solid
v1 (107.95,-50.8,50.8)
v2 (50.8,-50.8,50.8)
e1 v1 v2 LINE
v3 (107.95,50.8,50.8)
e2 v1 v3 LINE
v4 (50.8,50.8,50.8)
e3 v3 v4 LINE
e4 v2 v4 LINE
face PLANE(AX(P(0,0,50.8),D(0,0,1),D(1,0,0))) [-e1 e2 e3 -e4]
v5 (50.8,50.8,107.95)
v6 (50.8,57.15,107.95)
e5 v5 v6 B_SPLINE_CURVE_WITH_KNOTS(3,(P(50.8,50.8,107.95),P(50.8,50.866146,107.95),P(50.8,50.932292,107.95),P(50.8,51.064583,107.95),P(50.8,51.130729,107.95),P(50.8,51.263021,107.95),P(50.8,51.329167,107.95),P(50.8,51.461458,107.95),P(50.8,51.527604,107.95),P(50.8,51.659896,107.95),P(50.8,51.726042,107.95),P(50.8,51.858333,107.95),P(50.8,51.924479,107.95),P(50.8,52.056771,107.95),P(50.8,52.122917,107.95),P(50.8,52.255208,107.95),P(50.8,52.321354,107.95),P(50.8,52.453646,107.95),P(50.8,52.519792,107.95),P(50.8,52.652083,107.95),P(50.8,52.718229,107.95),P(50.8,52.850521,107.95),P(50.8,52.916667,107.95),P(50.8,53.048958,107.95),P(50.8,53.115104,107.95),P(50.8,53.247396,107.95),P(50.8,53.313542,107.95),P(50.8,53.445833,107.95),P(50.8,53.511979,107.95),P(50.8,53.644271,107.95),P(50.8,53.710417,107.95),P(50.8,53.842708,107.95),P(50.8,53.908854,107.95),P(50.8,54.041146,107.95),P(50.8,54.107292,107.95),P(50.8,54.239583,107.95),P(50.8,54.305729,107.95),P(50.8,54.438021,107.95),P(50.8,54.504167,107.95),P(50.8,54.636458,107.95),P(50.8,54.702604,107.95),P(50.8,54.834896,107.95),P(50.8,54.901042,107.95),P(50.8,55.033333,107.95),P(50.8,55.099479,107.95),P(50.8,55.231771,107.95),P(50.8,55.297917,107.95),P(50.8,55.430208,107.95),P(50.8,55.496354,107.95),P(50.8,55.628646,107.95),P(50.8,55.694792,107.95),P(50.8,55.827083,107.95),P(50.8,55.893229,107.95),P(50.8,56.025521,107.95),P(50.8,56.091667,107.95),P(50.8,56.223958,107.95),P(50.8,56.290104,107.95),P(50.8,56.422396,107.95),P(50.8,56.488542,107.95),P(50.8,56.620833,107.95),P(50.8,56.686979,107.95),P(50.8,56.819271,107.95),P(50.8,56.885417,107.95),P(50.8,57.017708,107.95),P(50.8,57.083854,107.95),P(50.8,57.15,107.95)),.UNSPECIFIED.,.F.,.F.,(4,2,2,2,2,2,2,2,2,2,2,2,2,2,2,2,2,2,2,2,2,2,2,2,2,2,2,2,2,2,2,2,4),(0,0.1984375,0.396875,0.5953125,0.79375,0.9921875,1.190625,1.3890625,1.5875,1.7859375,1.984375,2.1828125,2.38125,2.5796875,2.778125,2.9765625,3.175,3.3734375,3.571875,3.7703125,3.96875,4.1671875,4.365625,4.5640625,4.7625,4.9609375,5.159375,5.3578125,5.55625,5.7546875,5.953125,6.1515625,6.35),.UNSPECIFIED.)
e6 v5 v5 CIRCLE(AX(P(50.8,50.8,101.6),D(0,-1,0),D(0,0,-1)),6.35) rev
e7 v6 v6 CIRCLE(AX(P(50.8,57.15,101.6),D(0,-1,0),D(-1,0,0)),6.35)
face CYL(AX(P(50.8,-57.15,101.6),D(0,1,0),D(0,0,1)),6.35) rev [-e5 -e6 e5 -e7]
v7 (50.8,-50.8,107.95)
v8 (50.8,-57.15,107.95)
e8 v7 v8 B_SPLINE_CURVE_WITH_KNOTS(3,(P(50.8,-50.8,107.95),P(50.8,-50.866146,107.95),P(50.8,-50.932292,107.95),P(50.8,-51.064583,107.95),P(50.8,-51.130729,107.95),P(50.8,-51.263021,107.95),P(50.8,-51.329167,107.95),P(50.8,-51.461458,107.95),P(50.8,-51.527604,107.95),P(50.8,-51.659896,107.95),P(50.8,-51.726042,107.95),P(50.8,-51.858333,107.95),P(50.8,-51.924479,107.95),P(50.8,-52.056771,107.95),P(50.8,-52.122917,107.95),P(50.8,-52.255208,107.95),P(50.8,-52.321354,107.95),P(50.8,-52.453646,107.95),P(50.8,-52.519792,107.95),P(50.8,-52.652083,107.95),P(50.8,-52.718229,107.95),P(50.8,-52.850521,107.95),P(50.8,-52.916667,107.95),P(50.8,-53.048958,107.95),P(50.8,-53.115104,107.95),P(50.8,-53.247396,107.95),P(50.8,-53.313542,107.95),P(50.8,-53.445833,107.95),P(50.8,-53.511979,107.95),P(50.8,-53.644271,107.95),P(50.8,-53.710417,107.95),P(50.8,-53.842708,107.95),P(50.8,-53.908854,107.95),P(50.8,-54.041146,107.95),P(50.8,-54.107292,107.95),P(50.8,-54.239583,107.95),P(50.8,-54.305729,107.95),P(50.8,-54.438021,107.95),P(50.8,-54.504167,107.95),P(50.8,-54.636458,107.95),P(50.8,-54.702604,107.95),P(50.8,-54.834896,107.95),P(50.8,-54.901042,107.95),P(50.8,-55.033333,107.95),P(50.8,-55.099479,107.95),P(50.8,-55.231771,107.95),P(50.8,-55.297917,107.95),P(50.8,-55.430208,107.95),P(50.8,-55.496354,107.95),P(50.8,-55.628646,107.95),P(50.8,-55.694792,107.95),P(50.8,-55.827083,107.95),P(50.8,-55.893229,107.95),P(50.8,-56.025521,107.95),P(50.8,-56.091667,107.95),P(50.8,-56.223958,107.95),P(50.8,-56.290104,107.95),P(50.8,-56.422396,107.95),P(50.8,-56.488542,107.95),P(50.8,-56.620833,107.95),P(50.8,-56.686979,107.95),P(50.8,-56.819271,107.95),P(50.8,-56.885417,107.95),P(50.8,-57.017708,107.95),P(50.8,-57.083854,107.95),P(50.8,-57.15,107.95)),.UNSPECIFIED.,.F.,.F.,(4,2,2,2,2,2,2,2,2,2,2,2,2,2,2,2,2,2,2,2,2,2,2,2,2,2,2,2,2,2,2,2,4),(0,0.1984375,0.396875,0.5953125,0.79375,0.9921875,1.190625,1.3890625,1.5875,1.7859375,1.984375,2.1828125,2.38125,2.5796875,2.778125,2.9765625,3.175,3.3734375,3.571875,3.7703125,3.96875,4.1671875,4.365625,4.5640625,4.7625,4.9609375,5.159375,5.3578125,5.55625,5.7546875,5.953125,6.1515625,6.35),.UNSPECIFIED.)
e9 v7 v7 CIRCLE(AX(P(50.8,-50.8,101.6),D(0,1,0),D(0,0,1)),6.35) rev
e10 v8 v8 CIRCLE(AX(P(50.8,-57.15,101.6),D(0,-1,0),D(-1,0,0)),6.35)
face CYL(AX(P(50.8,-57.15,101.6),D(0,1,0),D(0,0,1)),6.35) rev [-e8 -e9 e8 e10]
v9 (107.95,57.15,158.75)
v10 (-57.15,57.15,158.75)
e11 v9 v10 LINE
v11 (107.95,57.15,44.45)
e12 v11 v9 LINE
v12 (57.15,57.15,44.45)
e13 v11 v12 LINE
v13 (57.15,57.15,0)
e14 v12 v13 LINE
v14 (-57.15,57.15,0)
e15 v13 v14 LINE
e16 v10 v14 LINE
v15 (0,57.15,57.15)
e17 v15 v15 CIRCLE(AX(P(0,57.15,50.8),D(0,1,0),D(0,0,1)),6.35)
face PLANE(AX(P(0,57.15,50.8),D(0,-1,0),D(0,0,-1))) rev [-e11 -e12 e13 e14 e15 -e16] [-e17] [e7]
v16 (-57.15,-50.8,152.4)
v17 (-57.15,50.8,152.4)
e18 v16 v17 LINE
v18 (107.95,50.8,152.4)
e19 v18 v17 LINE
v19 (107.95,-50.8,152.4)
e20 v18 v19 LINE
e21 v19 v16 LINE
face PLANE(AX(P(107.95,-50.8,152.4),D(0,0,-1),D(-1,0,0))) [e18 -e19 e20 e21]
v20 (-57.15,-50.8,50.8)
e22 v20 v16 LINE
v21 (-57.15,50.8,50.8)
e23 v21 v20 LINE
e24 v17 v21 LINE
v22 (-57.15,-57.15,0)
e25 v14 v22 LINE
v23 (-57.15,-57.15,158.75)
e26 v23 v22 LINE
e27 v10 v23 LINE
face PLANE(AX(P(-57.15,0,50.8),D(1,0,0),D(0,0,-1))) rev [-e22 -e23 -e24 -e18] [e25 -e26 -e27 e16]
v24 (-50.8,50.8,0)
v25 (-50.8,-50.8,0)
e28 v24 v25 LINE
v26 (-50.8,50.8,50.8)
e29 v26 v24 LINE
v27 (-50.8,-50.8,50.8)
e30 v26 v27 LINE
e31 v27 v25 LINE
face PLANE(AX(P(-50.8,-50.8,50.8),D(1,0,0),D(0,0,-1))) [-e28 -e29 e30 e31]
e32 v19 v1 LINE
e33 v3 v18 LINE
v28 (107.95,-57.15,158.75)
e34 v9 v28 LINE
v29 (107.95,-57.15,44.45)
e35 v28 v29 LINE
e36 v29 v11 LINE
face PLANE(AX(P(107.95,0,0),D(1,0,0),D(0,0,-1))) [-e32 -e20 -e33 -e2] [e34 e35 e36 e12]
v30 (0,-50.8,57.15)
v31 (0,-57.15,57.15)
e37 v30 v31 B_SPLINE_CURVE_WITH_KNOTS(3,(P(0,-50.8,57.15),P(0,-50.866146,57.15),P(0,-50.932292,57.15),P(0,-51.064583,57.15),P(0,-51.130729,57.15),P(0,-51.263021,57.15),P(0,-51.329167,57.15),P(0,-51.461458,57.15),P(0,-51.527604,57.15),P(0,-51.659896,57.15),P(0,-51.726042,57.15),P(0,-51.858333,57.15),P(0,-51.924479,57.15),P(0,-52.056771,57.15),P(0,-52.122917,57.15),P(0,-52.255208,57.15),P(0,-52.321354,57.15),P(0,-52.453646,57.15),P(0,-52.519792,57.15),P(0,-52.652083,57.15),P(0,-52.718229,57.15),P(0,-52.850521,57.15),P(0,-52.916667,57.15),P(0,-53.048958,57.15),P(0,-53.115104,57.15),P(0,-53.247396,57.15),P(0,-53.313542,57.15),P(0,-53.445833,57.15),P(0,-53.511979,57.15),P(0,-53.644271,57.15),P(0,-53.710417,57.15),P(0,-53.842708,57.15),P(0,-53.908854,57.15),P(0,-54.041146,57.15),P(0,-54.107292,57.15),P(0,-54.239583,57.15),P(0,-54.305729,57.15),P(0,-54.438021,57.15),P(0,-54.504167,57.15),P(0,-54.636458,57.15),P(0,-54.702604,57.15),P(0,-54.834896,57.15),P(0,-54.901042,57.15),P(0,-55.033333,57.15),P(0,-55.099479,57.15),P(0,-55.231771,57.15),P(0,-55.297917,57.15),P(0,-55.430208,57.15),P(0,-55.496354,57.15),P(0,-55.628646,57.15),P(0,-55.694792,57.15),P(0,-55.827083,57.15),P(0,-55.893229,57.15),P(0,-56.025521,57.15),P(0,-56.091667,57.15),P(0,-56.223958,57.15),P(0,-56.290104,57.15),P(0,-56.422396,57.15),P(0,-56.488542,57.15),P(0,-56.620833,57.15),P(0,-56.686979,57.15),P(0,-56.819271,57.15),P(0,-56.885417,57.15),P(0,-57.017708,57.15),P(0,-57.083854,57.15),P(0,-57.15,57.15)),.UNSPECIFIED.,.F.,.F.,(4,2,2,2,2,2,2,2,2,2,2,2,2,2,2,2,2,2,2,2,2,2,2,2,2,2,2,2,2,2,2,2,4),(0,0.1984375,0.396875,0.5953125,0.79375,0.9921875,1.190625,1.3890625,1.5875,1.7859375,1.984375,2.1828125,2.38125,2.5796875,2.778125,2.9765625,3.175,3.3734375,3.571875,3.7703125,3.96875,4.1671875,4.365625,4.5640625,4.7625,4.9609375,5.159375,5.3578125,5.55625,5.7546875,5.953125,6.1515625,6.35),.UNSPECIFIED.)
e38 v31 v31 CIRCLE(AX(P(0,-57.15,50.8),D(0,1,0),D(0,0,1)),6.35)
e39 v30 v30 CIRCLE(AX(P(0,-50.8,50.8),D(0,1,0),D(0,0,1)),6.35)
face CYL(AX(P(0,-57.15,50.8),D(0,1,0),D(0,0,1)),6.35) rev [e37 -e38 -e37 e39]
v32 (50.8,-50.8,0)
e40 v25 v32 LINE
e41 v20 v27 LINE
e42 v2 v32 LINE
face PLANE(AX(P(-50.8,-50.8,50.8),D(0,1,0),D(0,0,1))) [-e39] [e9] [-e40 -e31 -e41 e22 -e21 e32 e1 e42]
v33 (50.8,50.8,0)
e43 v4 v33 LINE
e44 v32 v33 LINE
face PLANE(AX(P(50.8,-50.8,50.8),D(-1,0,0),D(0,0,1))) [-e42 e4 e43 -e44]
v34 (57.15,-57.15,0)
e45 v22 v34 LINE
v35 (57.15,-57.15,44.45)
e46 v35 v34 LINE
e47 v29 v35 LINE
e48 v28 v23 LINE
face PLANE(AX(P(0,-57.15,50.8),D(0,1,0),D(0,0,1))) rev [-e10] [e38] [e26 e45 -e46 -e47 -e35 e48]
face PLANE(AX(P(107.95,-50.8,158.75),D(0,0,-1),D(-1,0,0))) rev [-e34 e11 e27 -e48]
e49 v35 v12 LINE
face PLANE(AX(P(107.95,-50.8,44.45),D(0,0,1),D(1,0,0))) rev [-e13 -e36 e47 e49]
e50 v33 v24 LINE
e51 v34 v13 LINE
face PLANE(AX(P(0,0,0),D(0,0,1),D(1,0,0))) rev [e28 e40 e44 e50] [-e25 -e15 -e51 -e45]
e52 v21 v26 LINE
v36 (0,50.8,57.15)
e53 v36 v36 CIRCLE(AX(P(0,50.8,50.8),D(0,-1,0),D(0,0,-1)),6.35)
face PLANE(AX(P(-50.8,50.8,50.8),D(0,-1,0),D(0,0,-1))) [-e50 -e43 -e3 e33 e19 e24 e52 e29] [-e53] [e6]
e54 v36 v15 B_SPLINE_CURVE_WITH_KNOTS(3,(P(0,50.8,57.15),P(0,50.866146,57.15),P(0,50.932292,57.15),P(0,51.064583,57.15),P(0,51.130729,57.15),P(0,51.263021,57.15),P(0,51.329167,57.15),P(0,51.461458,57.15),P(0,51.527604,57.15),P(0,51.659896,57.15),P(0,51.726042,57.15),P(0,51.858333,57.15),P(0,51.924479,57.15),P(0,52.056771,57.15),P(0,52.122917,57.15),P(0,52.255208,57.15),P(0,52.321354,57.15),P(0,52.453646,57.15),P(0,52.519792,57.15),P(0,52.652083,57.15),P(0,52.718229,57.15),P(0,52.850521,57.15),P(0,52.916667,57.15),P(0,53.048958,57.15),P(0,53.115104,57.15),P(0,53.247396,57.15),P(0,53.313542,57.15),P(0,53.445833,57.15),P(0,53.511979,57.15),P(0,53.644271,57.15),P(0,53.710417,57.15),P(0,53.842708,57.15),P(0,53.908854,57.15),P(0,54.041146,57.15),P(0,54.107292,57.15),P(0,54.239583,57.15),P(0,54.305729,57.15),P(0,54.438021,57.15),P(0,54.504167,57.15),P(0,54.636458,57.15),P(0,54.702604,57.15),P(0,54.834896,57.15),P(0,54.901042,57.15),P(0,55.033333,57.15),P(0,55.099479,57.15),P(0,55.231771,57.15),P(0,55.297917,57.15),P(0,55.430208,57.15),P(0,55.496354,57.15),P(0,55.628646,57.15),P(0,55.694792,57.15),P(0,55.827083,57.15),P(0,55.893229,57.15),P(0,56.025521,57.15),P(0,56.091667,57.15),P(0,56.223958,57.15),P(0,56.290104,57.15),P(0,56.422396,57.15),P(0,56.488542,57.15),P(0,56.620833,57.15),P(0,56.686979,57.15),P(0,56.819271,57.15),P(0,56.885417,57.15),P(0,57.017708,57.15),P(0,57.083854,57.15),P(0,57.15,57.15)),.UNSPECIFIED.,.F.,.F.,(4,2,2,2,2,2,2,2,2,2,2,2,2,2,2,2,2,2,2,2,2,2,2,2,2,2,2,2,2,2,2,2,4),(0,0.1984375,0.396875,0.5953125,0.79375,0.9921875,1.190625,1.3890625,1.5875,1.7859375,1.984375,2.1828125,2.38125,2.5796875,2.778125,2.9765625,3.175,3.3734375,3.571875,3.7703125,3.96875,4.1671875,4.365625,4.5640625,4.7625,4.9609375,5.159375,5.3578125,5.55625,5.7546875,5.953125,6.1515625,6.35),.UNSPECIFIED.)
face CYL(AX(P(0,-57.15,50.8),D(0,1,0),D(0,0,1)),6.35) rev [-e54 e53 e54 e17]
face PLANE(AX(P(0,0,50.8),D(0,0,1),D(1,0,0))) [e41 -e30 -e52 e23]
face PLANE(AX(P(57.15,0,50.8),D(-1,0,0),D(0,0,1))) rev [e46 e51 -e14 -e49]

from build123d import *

# Parameters (mm, degrees)
SKETCH1_W           = 114.3
SKETCH1_H           = 114.3
SKETCH1_W_2         = 101.6
SKETCH1_H_2         = 101.6
EXTRUDE_THIN1_DEPTH = 50.8
SKETCH3_W           = 114.3
SKETCH3_H           = 114.3
SKETCH3_W_2         = 101.6
SKETCH3_H_2         = 101.6
EXTRUDE_THIN2_DEPTH = 50.8
BOSS_EXTRUDE1_DEPTH = 114.3
SKETCH6_R           = 6.35
CUT_EXTRUDE1_DEPTH  = 224.426173489


with BuildPart() as part:
    # Sketch1 → Extrude-Thin1 (new body)
    with BuildSketch(Plane.XY):
        Rectangle(SKETCH1_W, SKETCH1_H)
        Rectangle(SKETCH1_W_2, SKETCH1_H_2, mode=Mode.SUBTRACT)
    extrude(amount=EXTRUDE_THIN1_DEPTH)

    # Sketch3 → Extrude-Thin2 (add)
    with BuildSketch(Plane(origin=(57.15, 0, 0), x_dir=(0, 0, -1), z_dir=(1, 0, 0))):
        with Locations((-101.6, 0)):
            Rectangle(SKETCH3_W, SKETCH3_H)
        with Locations((-101.6, 0)):
            Rectangle(SKETCH3_W_2, SKETCH3_H_2, mode=Mode.SUBTRACT)
    extrude(amount=EXTRUDE_THIN2_DEPTH)

    # Sketch4 → Boss-Extrude1 (add)
    with BuildSketch(Plane.ZY.offset(-57.15)):
        Polygon((50.8, -50.8), (50.8, -57.15), (158.75, -57.15), (158.75, 57.15), (50.8, 57.15), (50.8, 50.8), (152.4, 50.8), (152.4, -50.8), align=None)
    extrude(amount=BOSS_EXTRUDE1_DEPTH)

    # Sketch6 → Cut-Extrude1 (cut, through all)
    with BuildSketch(Plane(origin=(0, 57.15, 0), x_dir=(1, 0, 0), z_dir=(0, 1, 0))):
        with Locations(Location((0, -50.8, 0), (0, 0, 270))):
            Circle(SKETCH6_R)
    cut_extrude1 = extrude(amount=-CUT_EXTRUDE1_DEPTH, mode=Mode.SUBTRACT)

    # Mirror1: Cut-Extrude1 across plane
    add(cut_extrude1.mirror(Plane(origin=(50.8, 0, 50.8), x_dir=(-0.7071067811865477, 0, 0.7071067811865474), z_dir=(0.7071067811865476, 0, 0.7071067811865476))), mode=Mode.SUBTRACT)


solid = part.part
